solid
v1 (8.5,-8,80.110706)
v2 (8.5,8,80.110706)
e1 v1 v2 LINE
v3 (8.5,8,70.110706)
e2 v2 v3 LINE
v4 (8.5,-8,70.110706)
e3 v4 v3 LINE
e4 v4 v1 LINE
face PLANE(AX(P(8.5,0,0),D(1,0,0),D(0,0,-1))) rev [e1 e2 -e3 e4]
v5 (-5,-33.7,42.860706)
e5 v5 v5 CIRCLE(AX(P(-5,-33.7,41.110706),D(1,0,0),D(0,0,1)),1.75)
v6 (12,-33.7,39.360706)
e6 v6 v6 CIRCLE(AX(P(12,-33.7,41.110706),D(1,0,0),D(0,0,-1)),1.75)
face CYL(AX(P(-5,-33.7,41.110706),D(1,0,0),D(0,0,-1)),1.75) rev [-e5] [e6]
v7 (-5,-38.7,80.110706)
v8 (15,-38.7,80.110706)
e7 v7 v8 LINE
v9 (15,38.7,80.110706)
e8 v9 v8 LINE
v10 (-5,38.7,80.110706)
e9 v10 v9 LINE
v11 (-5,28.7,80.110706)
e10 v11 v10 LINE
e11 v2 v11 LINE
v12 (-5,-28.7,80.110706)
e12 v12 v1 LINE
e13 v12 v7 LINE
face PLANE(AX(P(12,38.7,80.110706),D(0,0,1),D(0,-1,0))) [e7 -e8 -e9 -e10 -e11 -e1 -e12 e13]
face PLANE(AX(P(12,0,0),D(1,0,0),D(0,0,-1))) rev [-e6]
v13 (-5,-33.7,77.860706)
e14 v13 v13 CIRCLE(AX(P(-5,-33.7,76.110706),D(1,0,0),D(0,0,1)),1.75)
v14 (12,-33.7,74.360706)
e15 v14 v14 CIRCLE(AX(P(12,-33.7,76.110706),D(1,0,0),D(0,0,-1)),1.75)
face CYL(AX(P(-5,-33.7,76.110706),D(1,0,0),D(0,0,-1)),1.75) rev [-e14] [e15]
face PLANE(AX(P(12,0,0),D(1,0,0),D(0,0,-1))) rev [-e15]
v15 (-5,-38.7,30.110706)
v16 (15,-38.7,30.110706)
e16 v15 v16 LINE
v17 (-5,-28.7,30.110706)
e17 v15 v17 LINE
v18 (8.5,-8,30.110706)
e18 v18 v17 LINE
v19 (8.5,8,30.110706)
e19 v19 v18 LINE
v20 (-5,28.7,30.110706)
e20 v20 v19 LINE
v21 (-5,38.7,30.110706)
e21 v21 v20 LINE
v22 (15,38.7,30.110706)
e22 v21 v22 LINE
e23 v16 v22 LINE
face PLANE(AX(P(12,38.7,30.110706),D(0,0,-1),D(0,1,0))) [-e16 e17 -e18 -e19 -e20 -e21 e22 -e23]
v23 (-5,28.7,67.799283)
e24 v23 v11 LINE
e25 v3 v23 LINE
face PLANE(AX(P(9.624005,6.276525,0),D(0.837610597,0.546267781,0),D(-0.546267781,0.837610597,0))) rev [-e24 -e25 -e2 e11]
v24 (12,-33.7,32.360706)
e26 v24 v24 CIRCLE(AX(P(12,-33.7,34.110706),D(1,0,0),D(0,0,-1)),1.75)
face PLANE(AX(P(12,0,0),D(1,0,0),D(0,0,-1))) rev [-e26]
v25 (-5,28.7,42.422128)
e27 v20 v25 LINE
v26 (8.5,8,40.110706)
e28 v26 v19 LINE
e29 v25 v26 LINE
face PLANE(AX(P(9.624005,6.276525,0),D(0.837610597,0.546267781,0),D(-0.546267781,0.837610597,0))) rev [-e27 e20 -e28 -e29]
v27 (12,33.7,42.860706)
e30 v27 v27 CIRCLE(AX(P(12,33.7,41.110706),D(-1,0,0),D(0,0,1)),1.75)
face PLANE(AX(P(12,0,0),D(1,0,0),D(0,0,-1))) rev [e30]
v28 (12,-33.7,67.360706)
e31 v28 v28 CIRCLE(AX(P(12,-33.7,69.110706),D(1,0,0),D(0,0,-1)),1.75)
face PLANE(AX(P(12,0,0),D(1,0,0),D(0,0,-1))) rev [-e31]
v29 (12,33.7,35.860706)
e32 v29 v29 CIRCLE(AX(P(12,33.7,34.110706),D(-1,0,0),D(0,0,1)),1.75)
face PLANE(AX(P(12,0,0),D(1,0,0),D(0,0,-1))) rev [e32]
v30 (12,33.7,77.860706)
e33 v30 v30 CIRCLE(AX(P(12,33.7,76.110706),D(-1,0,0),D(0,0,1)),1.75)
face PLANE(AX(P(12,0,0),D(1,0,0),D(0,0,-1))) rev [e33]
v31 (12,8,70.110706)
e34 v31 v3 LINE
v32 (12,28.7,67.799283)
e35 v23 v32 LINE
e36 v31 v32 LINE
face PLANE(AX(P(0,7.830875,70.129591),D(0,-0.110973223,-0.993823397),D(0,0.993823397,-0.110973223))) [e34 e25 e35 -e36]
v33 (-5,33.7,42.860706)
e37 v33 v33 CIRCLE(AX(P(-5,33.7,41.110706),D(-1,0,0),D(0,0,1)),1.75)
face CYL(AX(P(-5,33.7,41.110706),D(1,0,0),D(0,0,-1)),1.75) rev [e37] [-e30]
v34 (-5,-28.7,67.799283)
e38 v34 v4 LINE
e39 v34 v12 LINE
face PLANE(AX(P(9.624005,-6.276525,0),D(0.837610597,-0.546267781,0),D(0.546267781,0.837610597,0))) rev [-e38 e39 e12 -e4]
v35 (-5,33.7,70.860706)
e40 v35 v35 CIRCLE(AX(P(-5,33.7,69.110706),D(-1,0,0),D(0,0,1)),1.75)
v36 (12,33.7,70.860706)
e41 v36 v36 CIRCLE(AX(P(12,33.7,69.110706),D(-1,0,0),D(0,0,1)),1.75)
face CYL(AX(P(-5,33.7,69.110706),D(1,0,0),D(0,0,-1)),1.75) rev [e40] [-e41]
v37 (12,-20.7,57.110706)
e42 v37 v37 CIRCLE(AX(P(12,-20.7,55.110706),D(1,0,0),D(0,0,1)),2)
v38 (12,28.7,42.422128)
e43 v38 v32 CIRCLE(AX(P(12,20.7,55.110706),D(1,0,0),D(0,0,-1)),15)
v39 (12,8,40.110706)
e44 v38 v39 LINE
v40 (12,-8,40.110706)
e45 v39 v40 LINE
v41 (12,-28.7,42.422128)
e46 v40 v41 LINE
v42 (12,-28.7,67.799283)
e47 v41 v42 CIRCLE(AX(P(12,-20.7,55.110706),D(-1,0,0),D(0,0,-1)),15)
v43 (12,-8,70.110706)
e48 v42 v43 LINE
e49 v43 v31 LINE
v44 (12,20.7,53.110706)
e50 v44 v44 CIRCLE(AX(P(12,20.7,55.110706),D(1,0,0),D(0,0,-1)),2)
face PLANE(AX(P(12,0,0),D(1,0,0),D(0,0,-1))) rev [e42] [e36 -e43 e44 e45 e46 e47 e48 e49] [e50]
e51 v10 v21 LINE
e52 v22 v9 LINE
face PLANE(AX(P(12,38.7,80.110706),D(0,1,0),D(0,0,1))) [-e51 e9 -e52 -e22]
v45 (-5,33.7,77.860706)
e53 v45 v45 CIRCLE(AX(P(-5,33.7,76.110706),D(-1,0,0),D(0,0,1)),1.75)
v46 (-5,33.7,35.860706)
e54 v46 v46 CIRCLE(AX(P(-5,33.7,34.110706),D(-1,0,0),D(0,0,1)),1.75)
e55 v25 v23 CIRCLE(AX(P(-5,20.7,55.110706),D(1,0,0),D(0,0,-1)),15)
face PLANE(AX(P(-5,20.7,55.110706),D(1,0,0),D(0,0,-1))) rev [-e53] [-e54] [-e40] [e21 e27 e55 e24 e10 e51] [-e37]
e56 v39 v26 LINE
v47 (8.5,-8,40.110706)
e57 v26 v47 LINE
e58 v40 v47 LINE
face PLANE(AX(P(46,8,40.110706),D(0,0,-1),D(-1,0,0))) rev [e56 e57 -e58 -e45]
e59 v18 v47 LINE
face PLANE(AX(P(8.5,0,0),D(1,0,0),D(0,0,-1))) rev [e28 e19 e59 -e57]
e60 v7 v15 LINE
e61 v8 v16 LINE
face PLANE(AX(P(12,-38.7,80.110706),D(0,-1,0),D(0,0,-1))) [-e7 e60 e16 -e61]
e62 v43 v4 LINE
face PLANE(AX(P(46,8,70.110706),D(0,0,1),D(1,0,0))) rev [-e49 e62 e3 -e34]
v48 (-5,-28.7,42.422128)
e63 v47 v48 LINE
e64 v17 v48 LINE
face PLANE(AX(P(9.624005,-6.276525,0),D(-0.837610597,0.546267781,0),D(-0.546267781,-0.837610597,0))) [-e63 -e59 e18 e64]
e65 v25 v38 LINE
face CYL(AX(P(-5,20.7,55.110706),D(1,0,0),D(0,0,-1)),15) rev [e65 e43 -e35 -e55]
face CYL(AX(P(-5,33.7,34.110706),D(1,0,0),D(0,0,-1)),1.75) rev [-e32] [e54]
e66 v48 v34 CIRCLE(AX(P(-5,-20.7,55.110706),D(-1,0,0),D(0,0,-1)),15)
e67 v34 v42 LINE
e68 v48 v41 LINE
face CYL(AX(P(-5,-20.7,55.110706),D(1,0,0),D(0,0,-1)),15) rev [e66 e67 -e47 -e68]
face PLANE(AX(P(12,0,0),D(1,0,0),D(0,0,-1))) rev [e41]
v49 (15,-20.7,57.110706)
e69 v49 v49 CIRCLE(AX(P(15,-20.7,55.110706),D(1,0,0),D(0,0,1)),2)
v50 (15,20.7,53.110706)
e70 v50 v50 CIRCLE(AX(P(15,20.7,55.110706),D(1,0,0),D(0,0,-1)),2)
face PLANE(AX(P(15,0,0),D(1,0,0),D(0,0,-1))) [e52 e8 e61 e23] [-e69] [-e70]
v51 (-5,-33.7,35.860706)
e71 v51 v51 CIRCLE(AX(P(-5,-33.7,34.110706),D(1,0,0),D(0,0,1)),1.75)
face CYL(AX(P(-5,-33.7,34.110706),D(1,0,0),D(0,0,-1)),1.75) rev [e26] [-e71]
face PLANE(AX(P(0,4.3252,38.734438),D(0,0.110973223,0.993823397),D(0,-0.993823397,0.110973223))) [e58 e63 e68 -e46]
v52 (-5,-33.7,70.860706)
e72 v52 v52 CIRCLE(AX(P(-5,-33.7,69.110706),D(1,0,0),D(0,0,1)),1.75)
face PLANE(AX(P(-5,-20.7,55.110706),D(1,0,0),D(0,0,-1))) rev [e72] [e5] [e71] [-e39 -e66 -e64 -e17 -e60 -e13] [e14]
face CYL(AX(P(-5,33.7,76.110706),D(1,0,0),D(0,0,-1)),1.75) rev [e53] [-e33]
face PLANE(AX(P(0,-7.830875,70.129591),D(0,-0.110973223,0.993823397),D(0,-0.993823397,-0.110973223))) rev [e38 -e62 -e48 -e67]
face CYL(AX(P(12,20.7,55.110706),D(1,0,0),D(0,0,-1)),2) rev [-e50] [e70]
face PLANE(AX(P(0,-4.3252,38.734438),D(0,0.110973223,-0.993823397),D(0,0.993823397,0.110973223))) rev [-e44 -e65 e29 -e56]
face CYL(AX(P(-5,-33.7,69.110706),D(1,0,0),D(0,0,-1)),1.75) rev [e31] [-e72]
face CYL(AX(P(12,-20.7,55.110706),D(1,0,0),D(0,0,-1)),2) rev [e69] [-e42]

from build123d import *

# Parameters (mm, degrees)
SKETCH1_W           = 50
SKETCH1_H           = 77.4
SKETCH1_R           = 2
BOSS_EXTRUDE1_DEPTH = 3
SKETCH2_R           = 1.75
BOSS_EXTRUDE2_DEPTH = 17
SKETCH3_W           = 50
SKETCH3_H           = 16
BOSS_EXTRUDE3_DEPTH = 3.5
SKETCH6_W           = 30
SKETCH6_H           = 16
CUT_EXTRUDE3_DEPTH  = 3.5


with BuildPart() as part:
    # Sketch1 → Boss-Extrude1 (new body)
    with BuildSketch(Plane(origin=(15, 0, 0), x_dir=(0, 0, -1), z_dir=(1, 0, 0))):
        with Locations((-55.110705908, 0)):
            Rectangle(SKETCH1_W, SKETCH1_H)
        with Locations((-55.110705908, 20.7)):
            Circle(SKETCH1_R, mode=Mode.SUBTRACT)
        with Locations(Location((-55.110705908, -20.7, 0), (0, 0, 180))):
            Circle(SKETCH1_R, mode=Mode.SUBTRACT)
    extrude(amount=-BOSS_EXTRUDE1_DEPTH)

    # Sketch2 → Boss-Extrude2 (add)
    with BuildSketch(Plane.ZY.offset(-12)):
        with BuildLine():
            Line((30.110705908, 38.7), (80.110705908, 38.7))
            Line((80.110705908, 38.7), (80.110705908, 28.7))
            Line((80.110705908, 28.7), (67.799283448, 28.7))
            ThreePointArc((67.799283448, 28.7), (55.110705908, 35.7), (42.422128367, 28.7))
            Line((42.422128367, 28.7), (30.110705908, 28.7))
            Line((30.110705908, 28.7), (30.110705908, 38.7))
        make_face()
        with Locations((34.110705908, 33.7)):
            Circle(SKETCH2_R, mode=Mode.SUBTRACT)
        with Locations((41.110705908, 33.7)):
            Circle(SKETCH2_R, mode=Mode.SUBTRACT)
        with Locations((69.110705908, 33.7)):
            Circle(SKETCH2_R, mode=Mode.SUBTRACT)
        with Locations((76.110705908, 33.7)):
            Circle(SKETCH2_R, mode=Mode.SUBTRACT)
    boss_extrude2 = extrude(amount=BOSS_EXTRUDE2_DEPTH)

    # Mirror1: Boss-Extrude2 across plane
    add(boss_extrude2.mirror(Plane.ZX))

    # Sketch3 → Boss-Extrude3 (add)
    with BuildSketch(Plane.ZY.offset(-12)):
        with Locations((55.110705908, 0)):
            Rectangle(SKETCH3_W, SKETCH3_H)
    extrude(amount=BOSS_EXTRUDE3_DEPTH)

    # Sketch6 → Cut-Extrude3 (cut)
    with BuildSketch(Plane.ZY.offset(-8.5)):
        with Locations((55.110705908, 0)):
            Rectangle(SKETCH6_W, SKETCH6_H)
    extrude(amount=-CUT_EXTRUDE3_DEPTH, mode=Mode.SUBTRACT)

    # loft from a face of the part (loft2)
    loft([part.faces().sort_by_distance((3.5, 28.7, 36.266417138))[0], part.faces().sort_by_distance((10.25, 8, 35.110705908))[0]])

    # loft from a face of the part (loft3)
    loft([part.faces().sort_by_distance((10.25, 8, 75.110705908))[0], part.faces().sort_by_distance((3.5, 28.7, 73.954994678))[0]])

    # loft from a face of the part (loft4)
    loft([part.faces().sort_by_distance((10.25, -8, 35.110705908))[0], part.faces().sort_by_distance((3.5, -28.7, 36.266417138))[0]])

    # loft from a face of the part (loft5)
    loft([part.faces().sort_by_distance((3.5, -28.7, 73.954994678))[0], part.faces().sort_by_distance((10.25, -8, 75.110705908))[0]])


solid = part.part
